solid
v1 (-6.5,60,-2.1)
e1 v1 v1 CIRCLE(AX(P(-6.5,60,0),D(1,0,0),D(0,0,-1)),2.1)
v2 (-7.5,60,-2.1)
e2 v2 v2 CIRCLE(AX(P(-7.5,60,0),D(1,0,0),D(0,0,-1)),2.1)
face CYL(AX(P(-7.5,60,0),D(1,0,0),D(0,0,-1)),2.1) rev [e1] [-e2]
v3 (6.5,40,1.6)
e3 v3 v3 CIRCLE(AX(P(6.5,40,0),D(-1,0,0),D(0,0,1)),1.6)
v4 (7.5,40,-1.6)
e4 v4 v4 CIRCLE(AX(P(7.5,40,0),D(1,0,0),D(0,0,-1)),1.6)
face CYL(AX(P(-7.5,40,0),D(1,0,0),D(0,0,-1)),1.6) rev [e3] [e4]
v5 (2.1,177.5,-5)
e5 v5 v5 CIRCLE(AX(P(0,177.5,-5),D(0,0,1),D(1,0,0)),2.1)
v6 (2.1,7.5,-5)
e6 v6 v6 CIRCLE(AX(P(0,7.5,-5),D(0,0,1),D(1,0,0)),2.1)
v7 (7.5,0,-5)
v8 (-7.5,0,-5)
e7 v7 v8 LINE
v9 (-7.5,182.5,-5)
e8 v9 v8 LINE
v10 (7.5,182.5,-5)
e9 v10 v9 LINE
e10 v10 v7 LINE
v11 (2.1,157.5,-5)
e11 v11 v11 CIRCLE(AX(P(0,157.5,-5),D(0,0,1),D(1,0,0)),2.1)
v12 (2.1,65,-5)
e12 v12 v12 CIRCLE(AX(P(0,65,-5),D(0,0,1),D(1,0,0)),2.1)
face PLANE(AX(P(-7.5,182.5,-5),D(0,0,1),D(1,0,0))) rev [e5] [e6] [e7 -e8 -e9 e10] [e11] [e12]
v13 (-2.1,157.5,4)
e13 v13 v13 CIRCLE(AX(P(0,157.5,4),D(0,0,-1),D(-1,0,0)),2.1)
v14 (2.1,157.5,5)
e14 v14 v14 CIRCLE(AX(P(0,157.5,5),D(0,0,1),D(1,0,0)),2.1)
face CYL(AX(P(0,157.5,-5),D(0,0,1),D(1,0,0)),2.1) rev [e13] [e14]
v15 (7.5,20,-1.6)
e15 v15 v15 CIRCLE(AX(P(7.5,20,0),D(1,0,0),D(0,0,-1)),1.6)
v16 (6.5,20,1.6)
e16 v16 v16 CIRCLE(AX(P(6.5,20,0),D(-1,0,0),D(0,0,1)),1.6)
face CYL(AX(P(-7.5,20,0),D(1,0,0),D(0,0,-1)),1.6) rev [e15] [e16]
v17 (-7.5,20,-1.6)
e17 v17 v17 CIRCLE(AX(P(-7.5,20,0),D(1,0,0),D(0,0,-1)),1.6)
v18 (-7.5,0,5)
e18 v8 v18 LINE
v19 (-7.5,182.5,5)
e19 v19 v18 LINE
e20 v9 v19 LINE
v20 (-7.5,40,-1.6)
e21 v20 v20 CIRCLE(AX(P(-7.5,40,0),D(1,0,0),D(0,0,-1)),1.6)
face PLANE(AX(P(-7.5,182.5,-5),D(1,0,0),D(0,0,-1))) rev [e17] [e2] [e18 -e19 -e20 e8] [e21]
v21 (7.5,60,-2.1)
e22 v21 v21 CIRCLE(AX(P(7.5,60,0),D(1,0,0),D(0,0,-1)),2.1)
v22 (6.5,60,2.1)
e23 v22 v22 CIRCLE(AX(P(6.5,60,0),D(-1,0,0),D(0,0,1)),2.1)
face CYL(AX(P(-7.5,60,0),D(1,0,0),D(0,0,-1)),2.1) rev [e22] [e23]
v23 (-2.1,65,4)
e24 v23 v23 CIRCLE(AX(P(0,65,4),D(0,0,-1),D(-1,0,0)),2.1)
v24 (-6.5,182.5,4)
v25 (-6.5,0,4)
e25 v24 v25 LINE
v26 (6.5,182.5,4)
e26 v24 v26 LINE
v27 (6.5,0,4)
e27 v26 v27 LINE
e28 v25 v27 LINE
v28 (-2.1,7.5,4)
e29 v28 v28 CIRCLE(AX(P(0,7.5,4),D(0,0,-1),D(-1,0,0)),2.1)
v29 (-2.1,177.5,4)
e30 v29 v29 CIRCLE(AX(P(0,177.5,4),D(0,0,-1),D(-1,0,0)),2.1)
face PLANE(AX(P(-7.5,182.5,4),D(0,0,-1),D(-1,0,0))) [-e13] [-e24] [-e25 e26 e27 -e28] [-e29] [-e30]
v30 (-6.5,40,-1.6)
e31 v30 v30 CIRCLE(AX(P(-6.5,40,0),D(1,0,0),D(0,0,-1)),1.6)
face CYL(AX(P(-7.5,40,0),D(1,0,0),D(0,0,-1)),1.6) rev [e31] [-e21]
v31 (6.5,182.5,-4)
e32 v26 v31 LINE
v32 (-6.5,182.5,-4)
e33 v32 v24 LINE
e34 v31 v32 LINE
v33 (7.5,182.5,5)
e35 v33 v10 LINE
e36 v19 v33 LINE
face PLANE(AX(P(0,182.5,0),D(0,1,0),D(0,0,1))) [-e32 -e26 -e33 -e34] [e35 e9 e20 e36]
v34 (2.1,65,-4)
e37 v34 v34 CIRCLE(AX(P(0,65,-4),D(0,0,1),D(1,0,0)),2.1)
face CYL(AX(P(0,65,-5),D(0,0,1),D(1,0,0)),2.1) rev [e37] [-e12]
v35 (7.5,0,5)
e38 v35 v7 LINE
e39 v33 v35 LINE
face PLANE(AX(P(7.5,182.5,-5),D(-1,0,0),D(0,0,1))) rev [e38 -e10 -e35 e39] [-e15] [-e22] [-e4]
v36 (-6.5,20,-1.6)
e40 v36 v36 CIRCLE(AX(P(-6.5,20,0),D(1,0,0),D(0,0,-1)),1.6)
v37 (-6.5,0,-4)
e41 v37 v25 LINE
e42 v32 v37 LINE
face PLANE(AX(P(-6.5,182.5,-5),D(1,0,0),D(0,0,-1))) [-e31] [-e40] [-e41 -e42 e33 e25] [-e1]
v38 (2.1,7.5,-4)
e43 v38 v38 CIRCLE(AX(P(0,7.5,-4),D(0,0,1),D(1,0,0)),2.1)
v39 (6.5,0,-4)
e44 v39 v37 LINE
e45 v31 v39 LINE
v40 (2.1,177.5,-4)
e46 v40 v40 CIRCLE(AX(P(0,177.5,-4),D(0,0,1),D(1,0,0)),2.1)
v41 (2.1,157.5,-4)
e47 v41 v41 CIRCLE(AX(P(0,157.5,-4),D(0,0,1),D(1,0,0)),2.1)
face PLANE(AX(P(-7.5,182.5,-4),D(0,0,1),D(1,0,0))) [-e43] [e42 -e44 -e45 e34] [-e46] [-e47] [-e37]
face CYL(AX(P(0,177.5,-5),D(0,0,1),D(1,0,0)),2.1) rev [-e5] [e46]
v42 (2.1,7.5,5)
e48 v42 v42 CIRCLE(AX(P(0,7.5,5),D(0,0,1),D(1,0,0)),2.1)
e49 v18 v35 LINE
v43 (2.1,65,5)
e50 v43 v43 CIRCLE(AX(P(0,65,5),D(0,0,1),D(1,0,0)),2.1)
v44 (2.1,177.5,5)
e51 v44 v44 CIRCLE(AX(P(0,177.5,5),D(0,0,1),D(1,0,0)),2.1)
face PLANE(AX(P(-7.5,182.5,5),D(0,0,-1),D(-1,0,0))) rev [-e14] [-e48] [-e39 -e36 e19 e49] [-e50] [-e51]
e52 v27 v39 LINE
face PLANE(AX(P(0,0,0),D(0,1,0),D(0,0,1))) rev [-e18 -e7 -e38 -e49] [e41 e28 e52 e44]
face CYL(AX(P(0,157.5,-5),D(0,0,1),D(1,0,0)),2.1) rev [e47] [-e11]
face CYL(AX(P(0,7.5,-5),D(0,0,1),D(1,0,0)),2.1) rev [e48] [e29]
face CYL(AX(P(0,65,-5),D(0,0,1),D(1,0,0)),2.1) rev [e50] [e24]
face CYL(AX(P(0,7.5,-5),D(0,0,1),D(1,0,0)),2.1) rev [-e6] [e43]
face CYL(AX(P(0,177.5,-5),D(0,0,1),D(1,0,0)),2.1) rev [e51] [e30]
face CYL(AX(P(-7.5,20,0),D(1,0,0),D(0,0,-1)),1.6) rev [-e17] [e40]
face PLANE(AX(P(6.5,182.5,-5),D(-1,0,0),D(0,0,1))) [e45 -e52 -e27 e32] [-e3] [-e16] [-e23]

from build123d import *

# Parameters (mm, degrees)
SKETCH_1_W          = 15
SKETCH_1_H          = 10
SKETCH_1_W_2        = 13
SKETCH_1_H_2        = 8
EXTRUDE_1_DEPTH     = 182.5
SKETCH_2_R          = 2.1
CUT_EXTRUDE_1_DEPTH = 183.927581299
SKETCH_3_R          = 1.6
SKETCH_3_R_2        = 2.1
CUT_EXTRUDE_2_DEPTH = 184.183651017


with BuildPart() as part:
    # ｽｹｯﾁ1 → 押し出し-薄板1 (new body)
    with BuildSketch(Plane(origin=(0, 0, 0), x_dir=(1, 0, 0), z_dir=(0, 1, 0))):
        Rectangle(SKETCH_1_W, SKETCH_1_H)
        Rectangle(SKETCH_1_W_2, SKETCH_1_H_2, mode=Mode.SUBTRACT)
    extrude(amount=EXTRUDE_1_DEPTH)

    # ｽｹｯﾁ2 → ｶｯﾄ - 押し出し1 (cut, through all)
    with BuildSketch(Plane.XY.offset(5)):
        with Locations((0, 7.5)):
            Circle(SKETCH_2_R)
        with Locations((0, 65)):
            Circle(SKETCH_2_R)
        with Locations((0, 157.5)):
            Circle(SKETCH_2_R)
        with Locations((0, 177.5)):
            Circle(SKETCH_2_R)
    extrude(amount=-CUT_EXTRUDE_1_DEPTH, mode=Mode.SUBTRACT)

    # ｽｹｯﾁ3 → ｶｯﾄ - 押し出し2 (cut, through all)
    with BuildSketch(Plane(origin=(7.5, 0, 0), x_dir=(0, 0, -1), z_dir=(1, 0, 0))):
        with Locations((0, 20)):
            Circle(SKETCH_3_R)
        with Locations((0, 60)):
            Circle(SKETCH_3_R_2)
        with Locations((0, 40)):
            Circle(SKETCH_3_R)
    extrude(amount=-CUT_EXTRUDE_2_DEPTH, mode=Mode.SUBTRACT)


solid = part.part
